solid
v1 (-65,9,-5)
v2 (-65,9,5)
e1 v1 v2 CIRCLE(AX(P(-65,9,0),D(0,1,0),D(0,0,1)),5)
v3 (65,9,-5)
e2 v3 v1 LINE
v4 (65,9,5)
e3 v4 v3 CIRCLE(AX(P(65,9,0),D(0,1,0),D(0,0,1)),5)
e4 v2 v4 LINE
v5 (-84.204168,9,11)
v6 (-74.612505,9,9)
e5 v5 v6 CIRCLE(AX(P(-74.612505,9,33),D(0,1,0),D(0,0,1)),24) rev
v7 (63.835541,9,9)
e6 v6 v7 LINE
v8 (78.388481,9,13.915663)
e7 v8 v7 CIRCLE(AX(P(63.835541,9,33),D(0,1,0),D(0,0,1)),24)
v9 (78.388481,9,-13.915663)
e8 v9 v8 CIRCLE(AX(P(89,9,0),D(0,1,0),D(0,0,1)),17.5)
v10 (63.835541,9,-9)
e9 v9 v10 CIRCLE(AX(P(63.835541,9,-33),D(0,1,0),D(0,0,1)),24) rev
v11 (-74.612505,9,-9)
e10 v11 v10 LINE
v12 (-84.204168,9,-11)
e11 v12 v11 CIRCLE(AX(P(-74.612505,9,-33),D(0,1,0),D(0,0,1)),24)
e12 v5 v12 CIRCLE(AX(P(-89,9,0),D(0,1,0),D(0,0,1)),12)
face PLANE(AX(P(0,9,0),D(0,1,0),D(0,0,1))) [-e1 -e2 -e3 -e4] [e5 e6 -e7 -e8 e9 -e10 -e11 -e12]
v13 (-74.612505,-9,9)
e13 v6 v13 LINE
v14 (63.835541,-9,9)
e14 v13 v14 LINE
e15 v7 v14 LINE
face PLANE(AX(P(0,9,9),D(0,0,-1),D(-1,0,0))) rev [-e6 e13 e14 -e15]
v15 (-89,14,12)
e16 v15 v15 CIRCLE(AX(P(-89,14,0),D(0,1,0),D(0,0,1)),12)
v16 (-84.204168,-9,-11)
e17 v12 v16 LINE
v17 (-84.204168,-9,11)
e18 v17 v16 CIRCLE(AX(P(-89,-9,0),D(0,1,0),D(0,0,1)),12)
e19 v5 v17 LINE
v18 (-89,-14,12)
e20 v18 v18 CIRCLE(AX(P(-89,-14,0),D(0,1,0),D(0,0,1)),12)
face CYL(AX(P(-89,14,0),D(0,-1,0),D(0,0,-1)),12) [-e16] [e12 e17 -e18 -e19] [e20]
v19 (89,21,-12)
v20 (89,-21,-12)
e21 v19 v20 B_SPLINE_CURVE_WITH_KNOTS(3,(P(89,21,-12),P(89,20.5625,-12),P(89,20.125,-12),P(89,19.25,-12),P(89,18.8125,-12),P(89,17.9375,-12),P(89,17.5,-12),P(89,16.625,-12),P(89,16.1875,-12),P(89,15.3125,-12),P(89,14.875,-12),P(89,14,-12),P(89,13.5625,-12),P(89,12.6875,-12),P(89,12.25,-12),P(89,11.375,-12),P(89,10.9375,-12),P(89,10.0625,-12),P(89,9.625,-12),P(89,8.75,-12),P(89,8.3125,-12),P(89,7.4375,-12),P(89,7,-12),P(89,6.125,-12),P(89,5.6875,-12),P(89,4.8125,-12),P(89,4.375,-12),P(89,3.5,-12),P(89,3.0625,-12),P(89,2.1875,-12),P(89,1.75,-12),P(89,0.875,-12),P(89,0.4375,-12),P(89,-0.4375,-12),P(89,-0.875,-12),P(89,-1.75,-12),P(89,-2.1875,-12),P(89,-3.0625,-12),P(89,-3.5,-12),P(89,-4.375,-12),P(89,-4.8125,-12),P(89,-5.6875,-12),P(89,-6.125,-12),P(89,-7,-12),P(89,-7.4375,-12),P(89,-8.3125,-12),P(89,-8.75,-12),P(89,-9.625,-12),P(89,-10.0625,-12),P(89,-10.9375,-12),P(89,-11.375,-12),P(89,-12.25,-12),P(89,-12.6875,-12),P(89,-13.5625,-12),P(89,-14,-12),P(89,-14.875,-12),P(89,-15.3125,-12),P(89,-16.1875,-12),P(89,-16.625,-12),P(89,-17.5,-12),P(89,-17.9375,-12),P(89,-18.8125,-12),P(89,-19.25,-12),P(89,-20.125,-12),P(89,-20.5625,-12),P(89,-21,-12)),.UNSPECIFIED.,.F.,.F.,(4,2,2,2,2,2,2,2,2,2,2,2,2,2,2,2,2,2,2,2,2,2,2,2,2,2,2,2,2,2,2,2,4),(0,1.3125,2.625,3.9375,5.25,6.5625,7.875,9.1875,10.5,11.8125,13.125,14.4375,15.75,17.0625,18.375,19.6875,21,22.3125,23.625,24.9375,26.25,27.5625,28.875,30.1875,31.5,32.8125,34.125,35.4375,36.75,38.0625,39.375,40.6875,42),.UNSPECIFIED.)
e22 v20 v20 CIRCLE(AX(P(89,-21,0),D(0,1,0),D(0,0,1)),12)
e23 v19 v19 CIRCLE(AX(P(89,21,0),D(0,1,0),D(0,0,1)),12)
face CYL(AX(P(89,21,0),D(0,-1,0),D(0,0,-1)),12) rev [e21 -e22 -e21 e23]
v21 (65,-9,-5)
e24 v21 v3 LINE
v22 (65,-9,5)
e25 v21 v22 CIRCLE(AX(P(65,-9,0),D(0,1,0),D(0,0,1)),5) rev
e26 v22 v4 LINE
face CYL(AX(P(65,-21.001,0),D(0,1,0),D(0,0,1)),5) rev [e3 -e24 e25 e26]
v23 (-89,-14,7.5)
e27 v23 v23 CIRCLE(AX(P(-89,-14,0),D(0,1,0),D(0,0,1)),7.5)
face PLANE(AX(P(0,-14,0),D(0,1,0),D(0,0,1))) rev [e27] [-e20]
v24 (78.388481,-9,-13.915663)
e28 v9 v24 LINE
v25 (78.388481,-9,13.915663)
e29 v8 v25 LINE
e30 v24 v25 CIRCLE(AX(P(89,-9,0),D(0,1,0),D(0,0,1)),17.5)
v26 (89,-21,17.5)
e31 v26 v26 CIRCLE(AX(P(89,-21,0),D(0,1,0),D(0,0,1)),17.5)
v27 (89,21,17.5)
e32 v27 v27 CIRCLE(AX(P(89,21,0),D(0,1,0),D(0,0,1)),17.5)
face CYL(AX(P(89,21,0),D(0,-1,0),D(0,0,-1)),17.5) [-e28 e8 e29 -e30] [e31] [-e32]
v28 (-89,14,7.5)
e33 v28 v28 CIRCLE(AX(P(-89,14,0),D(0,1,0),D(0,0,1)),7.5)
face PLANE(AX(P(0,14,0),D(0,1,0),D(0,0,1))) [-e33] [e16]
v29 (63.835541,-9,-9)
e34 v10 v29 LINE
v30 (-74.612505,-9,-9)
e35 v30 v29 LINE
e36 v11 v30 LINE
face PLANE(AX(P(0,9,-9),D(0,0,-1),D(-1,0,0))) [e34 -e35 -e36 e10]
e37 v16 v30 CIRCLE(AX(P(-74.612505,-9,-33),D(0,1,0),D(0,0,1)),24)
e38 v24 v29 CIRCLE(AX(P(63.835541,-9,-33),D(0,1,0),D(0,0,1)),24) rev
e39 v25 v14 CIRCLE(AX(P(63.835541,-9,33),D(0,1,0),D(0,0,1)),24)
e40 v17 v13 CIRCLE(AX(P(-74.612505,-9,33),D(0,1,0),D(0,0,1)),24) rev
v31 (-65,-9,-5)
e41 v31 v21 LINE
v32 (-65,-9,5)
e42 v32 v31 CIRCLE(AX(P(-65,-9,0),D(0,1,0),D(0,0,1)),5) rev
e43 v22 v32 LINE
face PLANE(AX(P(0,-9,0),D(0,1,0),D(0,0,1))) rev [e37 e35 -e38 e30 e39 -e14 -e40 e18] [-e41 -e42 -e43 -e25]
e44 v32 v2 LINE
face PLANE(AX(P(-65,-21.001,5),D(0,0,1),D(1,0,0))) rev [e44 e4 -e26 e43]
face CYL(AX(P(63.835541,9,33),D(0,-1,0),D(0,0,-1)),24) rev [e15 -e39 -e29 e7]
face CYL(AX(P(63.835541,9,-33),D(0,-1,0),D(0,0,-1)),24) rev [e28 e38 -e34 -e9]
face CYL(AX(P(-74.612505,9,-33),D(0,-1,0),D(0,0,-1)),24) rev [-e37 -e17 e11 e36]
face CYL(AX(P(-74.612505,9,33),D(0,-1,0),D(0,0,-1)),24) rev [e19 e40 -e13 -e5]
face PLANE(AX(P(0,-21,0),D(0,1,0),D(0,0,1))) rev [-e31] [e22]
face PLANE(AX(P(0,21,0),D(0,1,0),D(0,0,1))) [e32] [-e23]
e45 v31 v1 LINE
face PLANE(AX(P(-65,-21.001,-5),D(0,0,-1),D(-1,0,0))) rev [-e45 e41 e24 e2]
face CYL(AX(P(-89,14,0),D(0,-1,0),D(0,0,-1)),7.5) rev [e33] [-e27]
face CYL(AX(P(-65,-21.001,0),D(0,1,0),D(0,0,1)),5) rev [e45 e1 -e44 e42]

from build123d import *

# Parameters (mm, degrees)
SKETCH1_R           = 7.5
BOSS_EXTRUDE1_DEPTH = 14
SKETCH1_6_R         = 12
BOSS_EXTRUDE2_DEPTH = 21
BOSS_EXTRUDE3_DEPTH = 9
CUT_EXTRUDE1_REACH  = 114.02


with BuildPart() as part:
    # Sketch1 → Boss-Extrude1 (new, symmetric)
    with BuildSketch(Plane(origin=(0, 0, 0), x_dir=(1, 0, 0), z_dir=(0, 1, 0))):
        with BuildLine():
            ThreePointArc((-77, 0), (-78.96132533, 6.574573055), (-84.204168477, 11))
            ThreePointArc((-84.204168477, 11), (-101, 0), (-84.204168477, -11))
            ThreePointArc((-84.204168477, -11), (-78.96132533, -6.574573055), (-77, 0))
        make_face()
        with Locations((-89, 0)):
            Circle(SKETCH1_R, mode=Mode.SUBTRACT)
    extrude(amount=BOSS_EXTRUDE1_DEPTH, both=True)



with BuildPart() as body_2:
    # Sketch1<6> → Boss-Extrude2 (new, symmetric)
    with BuildSketch(Plane(origin=(0, 0, 0), x_dir=(1, 0, 0), z_dir=(0, 1, 0))):
        with BuildLine():
            ThreePointArc((106.5, 0), (96.76364668, 15.683615343), (78.388481117, 13.915662651))
            ThreePointArc((78.388481117, 13.915662651), (71.5, 0), (78.388481117, -13.915662651))
            ThreePointArc((78.388481117, -13.915662651), (96.76364668, -15.683615343), (106.5, 0))
        make_face()
        with Locations((89, 0)):
            Circle(SKETCH1_6_R, mode=Mode.SUBTRACT)
    extrude(amount=BOSS_EXTRUDE2_DEPTH, both=True)


with BuildPart() as part_1:
    add(part.part)

    add(body_2.part)  # Boss-Extrude3 merges body 2
    # Sketch1<7> → Boss-Extrude3 (add, symmetric)
    with BuildSketch(Plane(origin=(0, 0, 0), x_dir=(1, 0, 0), z_dir=(0, 1, 0))):
        with BuildLine():
            ThreePointArc((-84.204168477, 11), (-77, 0), (-84.204168477, -11))
            ThreePointArc((-84.204168477, -11), (-79.511484916, -9.505319751), (-74.61250543, -9))
            Line((-74.61250543, -9), (63.835540936, -9))
            ThreePointArc((63.835540936, -9), (71.515902373, -10.26210106), (78.388481117, -13.915662651))
            ThreePointArc((78.388481117, -13.915662651), (71.5, 0), (78.388481117, 13.915662651))
            ThreePointArc((78.388481117, 13.915662651), (71.515902373, 10.26210106), (63.835540936, 9))
            Line((63.835540936, 9), (-74.61250543, 9))
            ThreePointArc((-74.61250543, 9), (-79.511484916, 9.505319751), (-84.204168477, 11))
        make_face()
    extrude(amount=BOSS_EXTRUDE3_DEPTH, both=True)

    # Sketch2 → Cut-Extrude1 (cut, up to next)
    with BuildSketch(Plane(origin=(0, 9, 0), x_dir=(1, 0, 0), z_dir=(0, 1, 0)), mode=Mode.PRIVATE) as cut_extrude1_sk1:
        with BuildLine():
            Line((-65, 5), (65, 5))
            ThreePointArc((65, 5), (70, 0), (65, -5))
            Line((65, -5), (-65, -5))
            ThreePointArc((-65, -5), (-70, 0), (-65, 5))
        make_face()
    cut_extrude1_tool1 = extrude(cut_extrude1_sk1.sketch, amount=-CUT_EXTRUDE1_REACH, mode=Mode.PRIVATE) & part_1.part
    add(cut_extrude1_tool1.solids().sort_by_distance((0, 9, 0))[0], mode=Mode.SUBTRACT)


solid = part_1.part
